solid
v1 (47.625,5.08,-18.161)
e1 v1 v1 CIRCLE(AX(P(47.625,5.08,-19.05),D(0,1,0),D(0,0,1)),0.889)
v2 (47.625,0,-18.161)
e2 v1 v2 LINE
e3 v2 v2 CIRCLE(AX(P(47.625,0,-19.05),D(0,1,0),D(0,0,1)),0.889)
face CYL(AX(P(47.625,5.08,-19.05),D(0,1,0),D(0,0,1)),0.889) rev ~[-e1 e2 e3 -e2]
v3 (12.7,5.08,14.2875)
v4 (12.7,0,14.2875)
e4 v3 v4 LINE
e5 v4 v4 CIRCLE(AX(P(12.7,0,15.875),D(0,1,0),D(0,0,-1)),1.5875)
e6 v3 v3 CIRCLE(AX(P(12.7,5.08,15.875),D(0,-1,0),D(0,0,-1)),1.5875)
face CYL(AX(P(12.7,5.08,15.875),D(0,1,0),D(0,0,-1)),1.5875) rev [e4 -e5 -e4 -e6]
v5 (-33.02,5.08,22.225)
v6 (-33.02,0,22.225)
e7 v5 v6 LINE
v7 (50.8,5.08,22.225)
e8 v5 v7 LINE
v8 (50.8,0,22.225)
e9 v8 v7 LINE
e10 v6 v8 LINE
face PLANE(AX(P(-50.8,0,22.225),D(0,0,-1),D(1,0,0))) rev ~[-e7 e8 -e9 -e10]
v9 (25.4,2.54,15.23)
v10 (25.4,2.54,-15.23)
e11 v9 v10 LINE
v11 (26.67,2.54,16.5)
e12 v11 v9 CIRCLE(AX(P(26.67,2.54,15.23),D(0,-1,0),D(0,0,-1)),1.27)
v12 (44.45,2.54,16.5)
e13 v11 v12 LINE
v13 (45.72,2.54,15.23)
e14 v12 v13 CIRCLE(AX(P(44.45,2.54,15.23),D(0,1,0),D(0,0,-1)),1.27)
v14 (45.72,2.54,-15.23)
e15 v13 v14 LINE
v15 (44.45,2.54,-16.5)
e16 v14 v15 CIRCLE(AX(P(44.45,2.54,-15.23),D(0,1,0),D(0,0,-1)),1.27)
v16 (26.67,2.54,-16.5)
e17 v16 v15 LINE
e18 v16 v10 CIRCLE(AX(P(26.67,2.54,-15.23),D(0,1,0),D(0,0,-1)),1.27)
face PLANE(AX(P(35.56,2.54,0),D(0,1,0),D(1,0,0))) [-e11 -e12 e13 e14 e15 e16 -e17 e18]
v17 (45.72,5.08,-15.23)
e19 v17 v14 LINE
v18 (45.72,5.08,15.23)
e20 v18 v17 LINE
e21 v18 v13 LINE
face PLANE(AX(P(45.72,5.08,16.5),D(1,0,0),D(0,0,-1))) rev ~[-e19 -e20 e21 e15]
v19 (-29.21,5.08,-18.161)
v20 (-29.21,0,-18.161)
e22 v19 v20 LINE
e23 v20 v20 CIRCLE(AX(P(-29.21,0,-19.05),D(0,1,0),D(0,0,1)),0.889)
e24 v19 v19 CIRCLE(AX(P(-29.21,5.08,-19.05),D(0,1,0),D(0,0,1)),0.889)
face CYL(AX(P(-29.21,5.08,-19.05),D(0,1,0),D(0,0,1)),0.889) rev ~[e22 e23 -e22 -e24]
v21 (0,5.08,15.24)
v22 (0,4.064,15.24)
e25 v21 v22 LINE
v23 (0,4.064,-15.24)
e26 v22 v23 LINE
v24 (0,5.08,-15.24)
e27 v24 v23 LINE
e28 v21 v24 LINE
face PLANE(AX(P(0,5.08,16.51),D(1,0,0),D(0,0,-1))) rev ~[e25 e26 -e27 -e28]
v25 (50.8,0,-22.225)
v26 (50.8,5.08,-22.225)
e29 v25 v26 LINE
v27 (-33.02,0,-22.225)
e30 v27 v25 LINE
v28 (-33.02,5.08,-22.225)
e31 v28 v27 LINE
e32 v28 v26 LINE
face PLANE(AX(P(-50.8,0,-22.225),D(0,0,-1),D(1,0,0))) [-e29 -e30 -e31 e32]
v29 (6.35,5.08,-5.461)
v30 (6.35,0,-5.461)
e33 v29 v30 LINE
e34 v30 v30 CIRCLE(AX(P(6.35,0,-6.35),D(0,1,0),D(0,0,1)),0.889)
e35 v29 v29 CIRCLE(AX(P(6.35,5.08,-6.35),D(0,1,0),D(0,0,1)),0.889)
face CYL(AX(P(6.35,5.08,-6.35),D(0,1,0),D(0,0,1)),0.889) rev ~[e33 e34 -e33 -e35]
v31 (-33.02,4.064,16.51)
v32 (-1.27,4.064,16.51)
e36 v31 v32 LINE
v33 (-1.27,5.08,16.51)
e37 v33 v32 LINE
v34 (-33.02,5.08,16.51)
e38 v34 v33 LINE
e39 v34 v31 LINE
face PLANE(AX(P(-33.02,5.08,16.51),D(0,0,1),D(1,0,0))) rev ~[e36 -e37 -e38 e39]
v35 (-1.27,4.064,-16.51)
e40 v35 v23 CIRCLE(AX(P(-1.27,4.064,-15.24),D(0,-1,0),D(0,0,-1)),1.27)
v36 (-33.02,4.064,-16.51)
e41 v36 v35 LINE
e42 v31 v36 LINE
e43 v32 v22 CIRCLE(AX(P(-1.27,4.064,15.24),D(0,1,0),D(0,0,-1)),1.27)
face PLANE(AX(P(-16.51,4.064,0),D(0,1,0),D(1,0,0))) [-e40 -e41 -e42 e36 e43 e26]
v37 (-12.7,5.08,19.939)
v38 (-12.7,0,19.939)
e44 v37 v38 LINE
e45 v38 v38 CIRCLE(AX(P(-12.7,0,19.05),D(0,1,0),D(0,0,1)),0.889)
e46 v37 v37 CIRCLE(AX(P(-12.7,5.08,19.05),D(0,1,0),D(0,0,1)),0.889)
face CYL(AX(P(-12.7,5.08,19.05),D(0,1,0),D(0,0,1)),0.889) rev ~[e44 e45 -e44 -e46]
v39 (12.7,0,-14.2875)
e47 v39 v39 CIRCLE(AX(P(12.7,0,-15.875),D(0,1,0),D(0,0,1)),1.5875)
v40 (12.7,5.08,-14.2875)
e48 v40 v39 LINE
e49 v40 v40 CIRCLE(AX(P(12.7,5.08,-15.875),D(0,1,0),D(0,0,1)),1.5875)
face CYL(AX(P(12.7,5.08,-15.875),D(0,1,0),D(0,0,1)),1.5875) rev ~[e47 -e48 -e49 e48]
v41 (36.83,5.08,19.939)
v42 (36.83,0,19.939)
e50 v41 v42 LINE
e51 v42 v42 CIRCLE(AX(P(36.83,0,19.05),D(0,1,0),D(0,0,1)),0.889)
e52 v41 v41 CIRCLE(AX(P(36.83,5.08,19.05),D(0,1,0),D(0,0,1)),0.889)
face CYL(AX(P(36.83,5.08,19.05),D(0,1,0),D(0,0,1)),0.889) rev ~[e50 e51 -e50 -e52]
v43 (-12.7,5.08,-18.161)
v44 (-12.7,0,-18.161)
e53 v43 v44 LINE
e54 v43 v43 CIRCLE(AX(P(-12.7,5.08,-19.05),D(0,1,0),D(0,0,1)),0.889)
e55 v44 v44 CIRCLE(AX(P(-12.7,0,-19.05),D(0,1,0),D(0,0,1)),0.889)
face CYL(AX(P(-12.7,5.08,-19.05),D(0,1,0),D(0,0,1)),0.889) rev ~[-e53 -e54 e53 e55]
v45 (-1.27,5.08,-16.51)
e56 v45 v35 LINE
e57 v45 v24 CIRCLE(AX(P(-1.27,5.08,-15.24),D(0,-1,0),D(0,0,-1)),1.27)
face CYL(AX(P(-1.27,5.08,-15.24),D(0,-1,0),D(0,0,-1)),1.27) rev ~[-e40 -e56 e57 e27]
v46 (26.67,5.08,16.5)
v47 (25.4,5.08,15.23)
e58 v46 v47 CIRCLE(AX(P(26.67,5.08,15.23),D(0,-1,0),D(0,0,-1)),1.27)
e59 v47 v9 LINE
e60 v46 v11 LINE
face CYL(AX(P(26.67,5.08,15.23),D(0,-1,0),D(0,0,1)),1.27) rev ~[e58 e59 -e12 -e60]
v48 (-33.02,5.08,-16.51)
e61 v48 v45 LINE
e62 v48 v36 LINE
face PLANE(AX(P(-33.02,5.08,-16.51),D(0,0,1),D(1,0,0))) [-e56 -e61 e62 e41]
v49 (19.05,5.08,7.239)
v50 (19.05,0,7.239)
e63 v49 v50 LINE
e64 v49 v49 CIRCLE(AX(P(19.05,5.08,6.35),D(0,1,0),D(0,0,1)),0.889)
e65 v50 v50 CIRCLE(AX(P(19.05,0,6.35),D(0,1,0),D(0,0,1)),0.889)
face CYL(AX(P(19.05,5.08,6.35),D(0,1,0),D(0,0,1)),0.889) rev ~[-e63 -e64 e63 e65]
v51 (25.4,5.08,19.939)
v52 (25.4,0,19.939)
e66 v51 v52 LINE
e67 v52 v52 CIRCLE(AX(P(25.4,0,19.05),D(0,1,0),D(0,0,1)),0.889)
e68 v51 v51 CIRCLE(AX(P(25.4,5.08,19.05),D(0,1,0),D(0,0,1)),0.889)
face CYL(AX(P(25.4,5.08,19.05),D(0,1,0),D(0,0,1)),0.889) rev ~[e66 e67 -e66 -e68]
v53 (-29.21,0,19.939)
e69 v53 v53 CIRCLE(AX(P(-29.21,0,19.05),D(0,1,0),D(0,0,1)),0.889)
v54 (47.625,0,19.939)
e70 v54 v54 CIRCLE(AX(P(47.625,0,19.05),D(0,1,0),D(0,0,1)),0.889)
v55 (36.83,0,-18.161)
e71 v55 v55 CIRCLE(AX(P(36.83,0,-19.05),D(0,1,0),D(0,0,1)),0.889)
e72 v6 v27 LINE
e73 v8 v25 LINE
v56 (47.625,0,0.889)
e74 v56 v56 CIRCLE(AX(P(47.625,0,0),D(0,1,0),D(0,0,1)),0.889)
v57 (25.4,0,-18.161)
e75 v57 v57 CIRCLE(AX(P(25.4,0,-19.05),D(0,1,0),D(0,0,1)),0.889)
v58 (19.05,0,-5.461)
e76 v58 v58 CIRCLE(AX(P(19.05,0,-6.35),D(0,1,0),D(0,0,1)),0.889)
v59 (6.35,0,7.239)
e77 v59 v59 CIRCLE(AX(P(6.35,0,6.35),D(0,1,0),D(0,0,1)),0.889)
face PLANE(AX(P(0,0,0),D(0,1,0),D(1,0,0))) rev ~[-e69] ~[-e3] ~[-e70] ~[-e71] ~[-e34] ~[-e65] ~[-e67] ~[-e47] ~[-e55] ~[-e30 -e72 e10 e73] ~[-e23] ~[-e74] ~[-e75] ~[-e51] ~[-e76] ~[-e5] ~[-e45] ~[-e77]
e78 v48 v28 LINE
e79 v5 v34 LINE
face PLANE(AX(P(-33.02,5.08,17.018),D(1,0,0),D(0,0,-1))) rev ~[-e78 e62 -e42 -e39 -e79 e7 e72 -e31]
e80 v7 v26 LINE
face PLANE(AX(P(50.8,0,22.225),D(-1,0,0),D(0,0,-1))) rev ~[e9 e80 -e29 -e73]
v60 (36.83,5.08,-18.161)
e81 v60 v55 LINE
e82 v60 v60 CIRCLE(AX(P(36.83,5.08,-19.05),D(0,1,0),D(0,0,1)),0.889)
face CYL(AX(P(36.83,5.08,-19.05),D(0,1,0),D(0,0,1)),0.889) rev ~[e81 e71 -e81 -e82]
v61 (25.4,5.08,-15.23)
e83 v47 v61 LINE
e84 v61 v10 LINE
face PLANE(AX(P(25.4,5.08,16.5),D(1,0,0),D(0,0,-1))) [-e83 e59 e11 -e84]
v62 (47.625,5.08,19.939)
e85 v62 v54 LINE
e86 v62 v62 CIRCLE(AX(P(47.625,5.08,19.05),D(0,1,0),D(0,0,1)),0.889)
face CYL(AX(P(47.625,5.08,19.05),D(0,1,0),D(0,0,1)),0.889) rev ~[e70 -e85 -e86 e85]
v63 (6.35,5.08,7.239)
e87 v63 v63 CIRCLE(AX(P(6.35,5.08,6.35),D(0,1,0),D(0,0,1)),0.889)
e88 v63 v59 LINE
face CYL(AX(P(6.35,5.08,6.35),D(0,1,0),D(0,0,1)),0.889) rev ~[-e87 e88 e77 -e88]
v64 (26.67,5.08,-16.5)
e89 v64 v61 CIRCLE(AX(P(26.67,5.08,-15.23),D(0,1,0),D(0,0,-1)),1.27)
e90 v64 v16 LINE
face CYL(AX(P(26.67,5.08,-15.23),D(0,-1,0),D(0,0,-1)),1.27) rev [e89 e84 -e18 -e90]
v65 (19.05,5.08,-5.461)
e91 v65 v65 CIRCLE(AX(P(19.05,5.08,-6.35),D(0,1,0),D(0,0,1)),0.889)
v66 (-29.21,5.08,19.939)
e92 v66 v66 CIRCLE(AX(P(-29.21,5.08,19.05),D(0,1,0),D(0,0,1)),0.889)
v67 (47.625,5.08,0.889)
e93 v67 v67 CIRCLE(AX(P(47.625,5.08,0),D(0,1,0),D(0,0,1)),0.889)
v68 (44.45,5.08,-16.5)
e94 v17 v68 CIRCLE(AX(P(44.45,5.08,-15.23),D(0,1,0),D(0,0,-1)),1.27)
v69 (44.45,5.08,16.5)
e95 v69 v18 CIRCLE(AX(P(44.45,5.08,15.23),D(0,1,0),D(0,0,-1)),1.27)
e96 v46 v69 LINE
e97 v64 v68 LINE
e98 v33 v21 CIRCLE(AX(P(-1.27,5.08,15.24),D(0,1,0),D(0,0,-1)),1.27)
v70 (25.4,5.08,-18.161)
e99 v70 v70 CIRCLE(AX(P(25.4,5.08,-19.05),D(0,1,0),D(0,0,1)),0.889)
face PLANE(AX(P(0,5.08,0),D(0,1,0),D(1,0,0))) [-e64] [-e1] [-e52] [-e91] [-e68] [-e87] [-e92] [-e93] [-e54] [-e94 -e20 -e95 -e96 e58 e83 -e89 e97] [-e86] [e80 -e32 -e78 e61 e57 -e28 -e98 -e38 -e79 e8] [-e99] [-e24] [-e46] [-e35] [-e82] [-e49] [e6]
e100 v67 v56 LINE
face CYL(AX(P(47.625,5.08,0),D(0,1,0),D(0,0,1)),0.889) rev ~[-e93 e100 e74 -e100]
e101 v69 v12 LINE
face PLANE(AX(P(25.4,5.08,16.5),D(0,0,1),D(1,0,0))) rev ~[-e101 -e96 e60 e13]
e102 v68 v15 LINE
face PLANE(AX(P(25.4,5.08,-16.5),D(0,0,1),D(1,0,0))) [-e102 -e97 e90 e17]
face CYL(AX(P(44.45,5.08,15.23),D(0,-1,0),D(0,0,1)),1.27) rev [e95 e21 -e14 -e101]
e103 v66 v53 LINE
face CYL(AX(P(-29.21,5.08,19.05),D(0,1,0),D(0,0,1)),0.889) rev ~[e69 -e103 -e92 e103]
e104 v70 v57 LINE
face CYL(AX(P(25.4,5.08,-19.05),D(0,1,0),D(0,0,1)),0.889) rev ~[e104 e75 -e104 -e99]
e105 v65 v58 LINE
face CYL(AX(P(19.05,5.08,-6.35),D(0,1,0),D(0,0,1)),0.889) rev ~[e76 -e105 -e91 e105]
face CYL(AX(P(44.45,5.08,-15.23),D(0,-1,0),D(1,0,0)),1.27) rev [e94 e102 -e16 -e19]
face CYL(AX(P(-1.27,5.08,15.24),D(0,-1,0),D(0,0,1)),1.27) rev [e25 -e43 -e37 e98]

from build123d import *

# Parameters (mm, degrees)
SKETCH1_W           = 101.6
SKETCH1_H           = 44.45
BOSS_EXTRUDE1_DEPTH = 5.08
SKETCH2_R           = 0.889
CUT_EXTRUDE1_DEPTH  = 56.681208904
SKETCH3_R           = 1.2192
SKETCH3_R_2         = 1.5875
CUT_EXTRUDE2_DEPTH  = 56.681208904
SKETCH4_W           = 17.78
SKETCH4_H           = 34.036
CUT_EXTRUDE3_DEPTH  = 56.681208904
FILLET2_R           = 2.54
SKETCH5_W           = 17.78
SKETCH5_H           = 44.45
CUT_EXTRUDE4_DEPTH  = 56.681208904
SKETCH6_W           = 33.02
SKETCH6_H           = 33.02
CUT_EXTRUDE5_DEPTH  = 1.016
FILLET3_R           = 1.27
SKETCH7_W           = 20.32
SKETCH7_H           = 33
CUT_EXTRUDE6_DEPTH  = 2.54
FILLET4_R           = 1.27


with BuildPart() as part:
    # Sketch1 → Boss-Extrude1 (new body)
    with BuildSketch(Plane(origin=(0, 0, 0), x_dir=(1, 0, 0), z_dir=(0, 1, 0))):
        Rectangle(SKETCH1_W, SKETCH1_H)
    extrude(amount=BOSS_EXTRUDE1_DEPTH)

    # Sketch2 → Cut-Extrude1 (cut, through all)
    with BuildSketch(Plane(origin=(0, 5.08, 0), x_dir=(1, 0, 0), z_dir=(0, 1, 0))):
        with Locations(Location((-46.99, 19.05, 0), (0, 0, 270))):
            Circle(SKETCH2_R)
        with Locations(Location((-29.21, 19.05, 0), (0, 0, 270))):
            Circle(SKETCH2_R)
        with Locations(Location((-12.7, 19.05, 0), (0, 0, 270))):
            Circle(SKETCH2_R)
        with Locations(Location((25.4, 19.05, 0), (0, 0, 270))):
            Circle(SKETCH2_R)
        with Locations(Location((36.83, 19.05, 0), (0, 0, 270))):
            Circle(SKETCH2_R)
        with Locations(Location((47.625, 19.05, 0), (0, 0, 270))):
            Circle(SKETCH2_R)
        with Locations(Location((47.625, 0, 0), (0, 0, 270))):
            Circle(SKETCH2_R)
        with Locations(Location((47.625, -19.05, 0), (0, 0, 270))):
            Circle(SKETCH2_R)
        with Locations(Location((36.83, -19.05, 0), (0, 0, 270))):
            Circle(SKETCH2_R)
        with Locations(Location((25.4, -19.05, 0), (0, 0, 270))):
            Circle(SKETCH2_R)
        with Locations(Location((-12.7, -19.05, 0), (0, 0, 270))):
            Circle(SKETCH2_R)
        with Locations(Location((-29.21, -19.05, 0), (0, 0, 270))):
            Circle(SKETCH2_R)
        with Locations(Location((-46.99, -19.05, 0), (0, 0, 270))):
            Circle(SKETCH2_R)
        with Locations(Location((19.05, -6.35, 0), (0, 0, 270))):
            Circle(SKETCH2_R)
        with Locations(Location((19.05, 6.35, 0), (0, 0, 270))):
            Circle(SKETCH2_R)
        with Locations(Location((6.35, 6.35, 0), (0, 0, 270))):
            Circle(SKETCH2_R)
        with Locations(Location((6.35, -6.35, 0), (0, 0, 270))):
            Circle(SKETCH2_R)
    extrude(amount=-CUT_EXTRUDE1_DEPTH, mode=Mode.SUBTRACT)

    # Sketch3 → Cut-Extrude2 (cut, through all)
    with BuildSketch(Plane(origin=(0, 5.08, 0), x_dir=(1, 0, 0), z_dir=(0, 1, 0))):
        with Locations(Location((-37.846, 19.3294, 0), (0, 0, 270))):
            Circle(SKETCH3_R)
        with Locations(Location((12.7, 15.875, 0), (0, 0, 270))):
            Circle(SKETCH3_R_2)
    cut_extrude2 = extrude(amount=-CUT_EXTRUDE2_DEPTH, mode=Mode.SUBTRACT)

    # Mirror1: Cut-Extrude2 across plane
    add(cut_extrude2.mirror(Plane.XY), mode=Mode.SUBTRACT)

    # Sketch4 → Cut-Extrude3 (cut, through all)
    with BuildSketch(Plane(origin=(0, 5.08, 0), x_dir=(1, 0, 0), z_dir=(0, 1, 0))):
        with Locations((-41.91, 0)):
            Rectangle(SKETCH4_W, SKETCH4_H)
    extrude(amount=-CUT_EXTRUDE3_DEPTH, mode=Mode.SUBTRACT)

    # Fillet2
    fillet2_edges = [part.edges().sort_by_distance(p)[0] for p in [
        (-33.02, 2.54, -17.018),
        (-33.02, 2.54, 17.018),
    ]]
    fillet(fillet2_edges, radius=FILLET2_R)

    # Sketch5 → Cut-Extrude4 (cut, through all)
    with BuildSketch(Plane(origin=(0, 5.08, 0), x_dir=(1, 0, 0), z_dir=(0, 1, 0))):
        with Locations((-41.91, 0)):
            Rectangle(SKETCH5_W, SKETCH5_H)
    extrude(amount=-CUT_EXTRUDE4_DEPTH, mode=Mode.SUBTRACT)

    # Sketch6 → Cut-Extrude5 (cut)
    with BuildSketch(Plane(origin=(0, 5.08, 0), x_dir=(1, 0, 0), z_dir=(0, 1, 0))):
        with Locations((-16.51, 0)):
            Rectangle(SKETCH6_W, SKETCH6_H)
    extrude(amount=-CUT_EXTRUDE5_DEPTH, mode=Mode.SUBTRACT)

    # Fillet3
    fillet3_edges = [part.edges().sort_by_distance(p)[0] for p in [
        (0, 4.572, -16.51),
        (0, 4.572, 16.51),
    ]]
    fillet(fillet3_edges, radius=FILLET3_R)

    # Sketch7 → Cut-Extrude6 (cut)
    with BuildSketch(Plane(origin=(0, 5.08, 0), x_dir=(1, 0, 0), z_dir=(0, 1, 0))):
        with Locations((35.56, 0)):
            Rectangle(SKETCH7_W, SKETCH7_H)
    extrude(amount=-CUT_EXTRUDE6_DEPTH, mode=Mode.SUBTRACT)

    # Fillet4
    fillet4_edges = [part.edges().sort_by_distance(p)[0] for p in [
        (45.72, 3.81, -16.5),
        (45.72, 3.81, 16.5),
        (25.4, 3.81, 16.5),
        (25.4, 3.81, -16.5),
    ]]
    fillet(fillet4_edges, radius=FILLET4_R)


solid = part.part
